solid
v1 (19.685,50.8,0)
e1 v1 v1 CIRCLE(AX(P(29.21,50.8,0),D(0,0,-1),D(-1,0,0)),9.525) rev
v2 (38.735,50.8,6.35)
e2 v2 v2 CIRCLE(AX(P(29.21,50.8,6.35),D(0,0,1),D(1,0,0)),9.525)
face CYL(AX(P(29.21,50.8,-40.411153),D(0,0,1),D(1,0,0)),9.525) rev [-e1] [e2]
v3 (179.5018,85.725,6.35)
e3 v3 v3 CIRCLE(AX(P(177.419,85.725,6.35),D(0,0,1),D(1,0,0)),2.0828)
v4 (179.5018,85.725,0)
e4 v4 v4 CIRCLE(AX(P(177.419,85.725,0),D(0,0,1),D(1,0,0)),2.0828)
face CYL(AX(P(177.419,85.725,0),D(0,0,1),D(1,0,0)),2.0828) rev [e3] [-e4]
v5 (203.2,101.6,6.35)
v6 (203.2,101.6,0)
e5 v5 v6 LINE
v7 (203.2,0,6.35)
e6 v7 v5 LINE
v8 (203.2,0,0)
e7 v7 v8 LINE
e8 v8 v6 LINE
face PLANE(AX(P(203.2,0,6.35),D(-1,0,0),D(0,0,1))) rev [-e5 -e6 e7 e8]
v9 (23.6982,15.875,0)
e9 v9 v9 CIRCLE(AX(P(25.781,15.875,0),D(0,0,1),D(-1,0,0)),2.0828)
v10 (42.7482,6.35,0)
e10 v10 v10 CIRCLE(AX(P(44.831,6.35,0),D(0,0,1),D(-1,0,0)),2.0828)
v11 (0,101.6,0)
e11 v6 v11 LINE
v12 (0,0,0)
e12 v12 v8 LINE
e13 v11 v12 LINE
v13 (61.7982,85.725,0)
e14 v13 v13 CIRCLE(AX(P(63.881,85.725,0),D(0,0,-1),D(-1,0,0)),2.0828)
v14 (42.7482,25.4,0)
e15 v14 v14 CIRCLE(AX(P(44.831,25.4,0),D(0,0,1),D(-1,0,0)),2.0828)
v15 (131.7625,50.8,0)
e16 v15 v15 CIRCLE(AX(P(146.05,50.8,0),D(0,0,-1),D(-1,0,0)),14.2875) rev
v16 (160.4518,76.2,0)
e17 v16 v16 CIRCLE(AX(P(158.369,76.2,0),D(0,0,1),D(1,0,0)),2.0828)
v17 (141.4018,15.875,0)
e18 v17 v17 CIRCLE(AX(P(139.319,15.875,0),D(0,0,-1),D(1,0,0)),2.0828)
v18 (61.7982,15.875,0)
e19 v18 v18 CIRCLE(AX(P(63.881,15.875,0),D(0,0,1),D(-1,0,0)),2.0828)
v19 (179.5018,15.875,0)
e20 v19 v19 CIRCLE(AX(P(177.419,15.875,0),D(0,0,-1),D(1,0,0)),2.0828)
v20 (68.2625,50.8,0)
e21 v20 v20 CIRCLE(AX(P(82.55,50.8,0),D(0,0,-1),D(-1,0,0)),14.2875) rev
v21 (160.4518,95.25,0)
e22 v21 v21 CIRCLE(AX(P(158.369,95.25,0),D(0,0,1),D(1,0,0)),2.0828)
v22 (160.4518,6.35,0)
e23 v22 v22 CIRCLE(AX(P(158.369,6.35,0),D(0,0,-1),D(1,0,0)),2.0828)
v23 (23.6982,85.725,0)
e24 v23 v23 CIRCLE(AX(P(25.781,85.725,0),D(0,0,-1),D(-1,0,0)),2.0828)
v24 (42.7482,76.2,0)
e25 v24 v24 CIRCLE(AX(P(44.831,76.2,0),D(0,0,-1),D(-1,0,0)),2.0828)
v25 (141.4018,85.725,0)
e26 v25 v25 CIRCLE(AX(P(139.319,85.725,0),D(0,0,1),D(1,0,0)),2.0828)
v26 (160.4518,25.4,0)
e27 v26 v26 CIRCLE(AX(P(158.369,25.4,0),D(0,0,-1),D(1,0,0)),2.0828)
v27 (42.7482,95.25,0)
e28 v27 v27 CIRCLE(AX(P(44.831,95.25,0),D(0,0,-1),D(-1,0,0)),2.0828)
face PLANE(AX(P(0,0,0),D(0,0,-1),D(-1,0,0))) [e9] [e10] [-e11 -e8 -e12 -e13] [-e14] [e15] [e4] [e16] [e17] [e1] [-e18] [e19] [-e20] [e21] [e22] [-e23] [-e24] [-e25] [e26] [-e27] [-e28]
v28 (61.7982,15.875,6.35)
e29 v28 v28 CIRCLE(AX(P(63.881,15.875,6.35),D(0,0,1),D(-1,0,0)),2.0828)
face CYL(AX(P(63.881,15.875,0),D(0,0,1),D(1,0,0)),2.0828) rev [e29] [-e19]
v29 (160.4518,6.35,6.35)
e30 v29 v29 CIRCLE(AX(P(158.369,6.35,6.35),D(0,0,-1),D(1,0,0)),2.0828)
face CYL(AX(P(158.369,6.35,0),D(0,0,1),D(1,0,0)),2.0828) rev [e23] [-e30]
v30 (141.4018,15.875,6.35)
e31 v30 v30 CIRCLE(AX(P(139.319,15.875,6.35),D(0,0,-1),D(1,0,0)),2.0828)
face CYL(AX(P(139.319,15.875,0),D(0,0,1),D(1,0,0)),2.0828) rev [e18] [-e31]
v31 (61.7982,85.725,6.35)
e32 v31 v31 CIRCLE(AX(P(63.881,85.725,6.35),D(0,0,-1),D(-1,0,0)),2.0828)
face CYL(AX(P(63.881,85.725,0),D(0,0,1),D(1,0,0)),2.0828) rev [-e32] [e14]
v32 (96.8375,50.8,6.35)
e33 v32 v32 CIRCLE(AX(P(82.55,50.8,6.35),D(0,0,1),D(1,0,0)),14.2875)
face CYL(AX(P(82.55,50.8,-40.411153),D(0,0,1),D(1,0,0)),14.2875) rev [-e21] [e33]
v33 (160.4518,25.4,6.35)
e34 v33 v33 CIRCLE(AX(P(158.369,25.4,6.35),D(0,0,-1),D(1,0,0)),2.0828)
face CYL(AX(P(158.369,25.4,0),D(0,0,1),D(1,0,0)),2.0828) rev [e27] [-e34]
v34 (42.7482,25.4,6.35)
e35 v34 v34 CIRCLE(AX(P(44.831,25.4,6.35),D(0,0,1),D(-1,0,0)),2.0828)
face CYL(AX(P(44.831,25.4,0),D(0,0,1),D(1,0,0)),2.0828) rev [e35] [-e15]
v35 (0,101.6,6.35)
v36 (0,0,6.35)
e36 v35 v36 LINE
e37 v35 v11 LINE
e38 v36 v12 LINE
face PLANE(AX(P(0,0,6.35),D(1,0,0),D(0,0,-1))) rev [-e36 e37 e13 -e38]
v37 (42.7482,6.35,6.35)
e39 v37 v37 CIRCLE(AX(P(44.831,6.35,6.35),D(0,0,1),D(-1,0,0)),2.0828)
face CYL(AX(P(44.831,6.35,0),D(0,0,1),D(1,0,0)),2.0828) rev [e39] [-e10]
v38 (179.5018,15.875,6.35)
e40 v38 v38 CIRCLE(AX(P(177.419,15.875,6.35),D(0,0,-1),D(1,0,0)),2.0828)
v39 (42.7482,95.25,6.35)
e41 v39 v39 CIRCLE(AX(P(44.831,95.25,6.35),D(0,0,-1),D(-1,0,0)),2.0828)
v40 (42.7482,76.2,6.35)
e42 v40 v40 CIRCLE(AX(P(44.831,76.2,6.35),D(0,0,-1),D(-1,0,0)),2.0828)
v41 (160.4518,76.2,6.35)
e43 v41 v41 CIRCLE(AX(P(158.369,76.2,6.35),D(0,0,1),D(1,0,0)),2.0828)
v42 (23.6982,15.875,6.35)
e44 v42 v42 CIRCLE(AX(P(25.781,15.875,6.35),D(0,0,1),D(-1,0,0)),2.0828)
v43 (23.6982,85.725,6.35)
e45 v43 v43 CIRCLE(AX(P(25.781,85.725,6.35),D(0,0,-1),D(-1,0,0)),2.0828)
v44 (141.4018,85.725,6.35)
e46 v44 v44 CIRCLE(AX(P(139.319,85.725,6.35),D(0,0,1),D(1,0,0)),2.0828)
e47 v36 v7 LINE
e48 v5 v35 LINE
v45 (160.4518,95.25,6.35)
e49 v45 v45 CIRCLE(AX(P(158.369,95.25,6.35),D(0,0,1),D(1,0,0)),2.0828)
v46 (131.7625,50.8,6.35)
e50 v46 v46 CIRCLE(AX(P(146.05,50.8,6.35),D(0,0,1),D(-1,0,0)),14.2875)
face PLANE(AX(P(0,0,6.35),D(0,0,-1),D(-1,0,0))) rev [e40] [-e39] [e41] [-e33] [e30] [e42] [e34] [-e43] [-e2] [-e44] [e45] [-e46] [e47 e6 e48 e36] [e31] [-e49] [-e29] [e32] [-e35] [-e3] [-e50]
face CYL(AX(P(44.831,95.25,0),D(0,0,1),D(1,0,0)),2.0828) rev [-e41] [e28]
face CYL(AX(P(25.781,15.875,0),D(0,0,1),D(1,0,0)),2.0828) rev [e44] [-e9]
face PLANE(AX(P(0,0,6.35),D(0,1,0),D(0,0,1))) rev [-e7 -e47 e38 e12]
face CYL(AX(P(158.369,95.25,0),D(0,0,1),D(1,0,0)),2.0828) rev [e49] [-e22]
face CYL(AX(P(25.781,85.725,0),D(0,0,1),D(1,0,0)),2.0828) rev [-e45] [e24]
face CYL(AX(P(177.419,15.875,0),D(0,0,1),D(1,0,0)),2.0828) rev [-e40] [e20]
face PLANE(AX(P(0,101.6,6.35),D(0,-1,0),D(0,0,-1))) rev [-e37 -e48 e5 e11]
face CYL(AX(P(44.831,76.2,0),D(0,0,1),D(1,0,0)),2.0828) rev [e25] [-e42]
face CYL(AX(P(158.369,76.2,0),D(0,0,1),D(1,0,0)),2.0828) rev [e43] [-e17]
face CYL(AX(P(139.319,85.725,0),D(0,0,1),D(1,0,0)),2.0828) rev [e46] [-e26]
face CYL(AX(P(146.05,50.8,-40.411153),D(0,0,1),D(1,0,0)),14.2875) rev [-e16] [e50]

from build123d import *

# Parameters (mm, degrees)
SKETCH1_W               = 203.2
SKETCH1_H               = 101.6
BOSS_EXTRUDE1_DEPTH     = 6.35
SKETCH3_R               = 14.2875
SKETCH3_R_2             = 9.525
CUT_EXTRUDE2_DEPTH      = 6.35
SKETCH5_R               = 2.0828
CUT_EXTRUDE3_DEPTH      = 228.273233136
MIRROR2_COPY_1_SKETCH_R = 2.0828
MIRROR2_COPY_1_DEPTH    = 228.273233136


with BuildPart() as part:
    # Sketch1 → Boss-Extrude1 (new body)
    with BuildSketch(Plane.XY):
        with Locations((101.6, 50.8)):
            Rectangle(SKETCH1_W, SKETCH1_H)
    extrude(amount=BOSS_EXTRUDE1_DEPTH)

    # Sketch3 → Cut-Extrude2 (cut)
    with BuildSketch(Plane.XY.offset(6.35)):
        with Locations((82.55, 50.8)):
            Circle(SKETCH3_R)
        with Locations(Location((146.05, 50.8, 0), (0, 0, 180))):
            Circle(SKETCH3_R)
        with Locations((29.21, 50.8)):
            Circle(SKETCH3_R_2)
    extrude(amount=-CUT_EXTRUDE2_DEPTH, mode=Mode.SUBTRACT)

    # Sketch5 → Cut-Extrude3 (cut, through all)
    with BuildSketch(Plane.XY.offset(6.35)):
        with Locations((139.319, 85.725)):
            Circle(SKETCH5_R)
        with Locations((158.369, 95.25)):
            Circle(SKETCH5_R)
        with Locations((158.369, 76.2)):
            Circle(SKETCH5_R)
        with Locations((177.419, 85.725)):
            Circle(SKETCH5_R)
    cut_extrude3 = extrude(amount=-CUT_EXTRUDE3_DEPTH, mode=Mode.SUBTRACT)

    # Mirror1: Cut-Extrude3 across plane
    add(cut_extrude3.mirror(Plane.ZX.offset(50.8)), mode=Mode.SUBTRACT)

    # Mirror2: Cut-Extrude3 across plane
    add(cut_extrude3.mirror(Plane(origin=(101.6, 0, 0), x_dir=(0, 0, 1), z_dir=(1, 0, 0))), mode=Mode.SUBTRACT)

    # Mirror2 copy 1 sketch → Mirror2 copy 1 (cut, through all)
    with BuildSketch(Plane(origin=(203.2, 101.6, 6.35), x_dir=(-1, 0, 0), z_dir=(0, 0, 1))):
        with Locations((139.319, 85.725)):
            Circle(MIRROR2_COPY_1_SKETCH_R)
        with Locations((158.369, 95.25)):
            Circle(MIRROR2_COPY_1_SKETCH_R)
        with Locations((158.369, 76.2)):
            Circle(MIRROR2_COPY_1_SKETCH_R)
        with Locations((177.419, 85.725)):
            Circle(MIRROR2_COPY_1_SKETCH_R)
    extrude(amount=-MIRROR2_COPY_1_DEPTH, mode=Mode.SUBTRACT)


solid = part.part
